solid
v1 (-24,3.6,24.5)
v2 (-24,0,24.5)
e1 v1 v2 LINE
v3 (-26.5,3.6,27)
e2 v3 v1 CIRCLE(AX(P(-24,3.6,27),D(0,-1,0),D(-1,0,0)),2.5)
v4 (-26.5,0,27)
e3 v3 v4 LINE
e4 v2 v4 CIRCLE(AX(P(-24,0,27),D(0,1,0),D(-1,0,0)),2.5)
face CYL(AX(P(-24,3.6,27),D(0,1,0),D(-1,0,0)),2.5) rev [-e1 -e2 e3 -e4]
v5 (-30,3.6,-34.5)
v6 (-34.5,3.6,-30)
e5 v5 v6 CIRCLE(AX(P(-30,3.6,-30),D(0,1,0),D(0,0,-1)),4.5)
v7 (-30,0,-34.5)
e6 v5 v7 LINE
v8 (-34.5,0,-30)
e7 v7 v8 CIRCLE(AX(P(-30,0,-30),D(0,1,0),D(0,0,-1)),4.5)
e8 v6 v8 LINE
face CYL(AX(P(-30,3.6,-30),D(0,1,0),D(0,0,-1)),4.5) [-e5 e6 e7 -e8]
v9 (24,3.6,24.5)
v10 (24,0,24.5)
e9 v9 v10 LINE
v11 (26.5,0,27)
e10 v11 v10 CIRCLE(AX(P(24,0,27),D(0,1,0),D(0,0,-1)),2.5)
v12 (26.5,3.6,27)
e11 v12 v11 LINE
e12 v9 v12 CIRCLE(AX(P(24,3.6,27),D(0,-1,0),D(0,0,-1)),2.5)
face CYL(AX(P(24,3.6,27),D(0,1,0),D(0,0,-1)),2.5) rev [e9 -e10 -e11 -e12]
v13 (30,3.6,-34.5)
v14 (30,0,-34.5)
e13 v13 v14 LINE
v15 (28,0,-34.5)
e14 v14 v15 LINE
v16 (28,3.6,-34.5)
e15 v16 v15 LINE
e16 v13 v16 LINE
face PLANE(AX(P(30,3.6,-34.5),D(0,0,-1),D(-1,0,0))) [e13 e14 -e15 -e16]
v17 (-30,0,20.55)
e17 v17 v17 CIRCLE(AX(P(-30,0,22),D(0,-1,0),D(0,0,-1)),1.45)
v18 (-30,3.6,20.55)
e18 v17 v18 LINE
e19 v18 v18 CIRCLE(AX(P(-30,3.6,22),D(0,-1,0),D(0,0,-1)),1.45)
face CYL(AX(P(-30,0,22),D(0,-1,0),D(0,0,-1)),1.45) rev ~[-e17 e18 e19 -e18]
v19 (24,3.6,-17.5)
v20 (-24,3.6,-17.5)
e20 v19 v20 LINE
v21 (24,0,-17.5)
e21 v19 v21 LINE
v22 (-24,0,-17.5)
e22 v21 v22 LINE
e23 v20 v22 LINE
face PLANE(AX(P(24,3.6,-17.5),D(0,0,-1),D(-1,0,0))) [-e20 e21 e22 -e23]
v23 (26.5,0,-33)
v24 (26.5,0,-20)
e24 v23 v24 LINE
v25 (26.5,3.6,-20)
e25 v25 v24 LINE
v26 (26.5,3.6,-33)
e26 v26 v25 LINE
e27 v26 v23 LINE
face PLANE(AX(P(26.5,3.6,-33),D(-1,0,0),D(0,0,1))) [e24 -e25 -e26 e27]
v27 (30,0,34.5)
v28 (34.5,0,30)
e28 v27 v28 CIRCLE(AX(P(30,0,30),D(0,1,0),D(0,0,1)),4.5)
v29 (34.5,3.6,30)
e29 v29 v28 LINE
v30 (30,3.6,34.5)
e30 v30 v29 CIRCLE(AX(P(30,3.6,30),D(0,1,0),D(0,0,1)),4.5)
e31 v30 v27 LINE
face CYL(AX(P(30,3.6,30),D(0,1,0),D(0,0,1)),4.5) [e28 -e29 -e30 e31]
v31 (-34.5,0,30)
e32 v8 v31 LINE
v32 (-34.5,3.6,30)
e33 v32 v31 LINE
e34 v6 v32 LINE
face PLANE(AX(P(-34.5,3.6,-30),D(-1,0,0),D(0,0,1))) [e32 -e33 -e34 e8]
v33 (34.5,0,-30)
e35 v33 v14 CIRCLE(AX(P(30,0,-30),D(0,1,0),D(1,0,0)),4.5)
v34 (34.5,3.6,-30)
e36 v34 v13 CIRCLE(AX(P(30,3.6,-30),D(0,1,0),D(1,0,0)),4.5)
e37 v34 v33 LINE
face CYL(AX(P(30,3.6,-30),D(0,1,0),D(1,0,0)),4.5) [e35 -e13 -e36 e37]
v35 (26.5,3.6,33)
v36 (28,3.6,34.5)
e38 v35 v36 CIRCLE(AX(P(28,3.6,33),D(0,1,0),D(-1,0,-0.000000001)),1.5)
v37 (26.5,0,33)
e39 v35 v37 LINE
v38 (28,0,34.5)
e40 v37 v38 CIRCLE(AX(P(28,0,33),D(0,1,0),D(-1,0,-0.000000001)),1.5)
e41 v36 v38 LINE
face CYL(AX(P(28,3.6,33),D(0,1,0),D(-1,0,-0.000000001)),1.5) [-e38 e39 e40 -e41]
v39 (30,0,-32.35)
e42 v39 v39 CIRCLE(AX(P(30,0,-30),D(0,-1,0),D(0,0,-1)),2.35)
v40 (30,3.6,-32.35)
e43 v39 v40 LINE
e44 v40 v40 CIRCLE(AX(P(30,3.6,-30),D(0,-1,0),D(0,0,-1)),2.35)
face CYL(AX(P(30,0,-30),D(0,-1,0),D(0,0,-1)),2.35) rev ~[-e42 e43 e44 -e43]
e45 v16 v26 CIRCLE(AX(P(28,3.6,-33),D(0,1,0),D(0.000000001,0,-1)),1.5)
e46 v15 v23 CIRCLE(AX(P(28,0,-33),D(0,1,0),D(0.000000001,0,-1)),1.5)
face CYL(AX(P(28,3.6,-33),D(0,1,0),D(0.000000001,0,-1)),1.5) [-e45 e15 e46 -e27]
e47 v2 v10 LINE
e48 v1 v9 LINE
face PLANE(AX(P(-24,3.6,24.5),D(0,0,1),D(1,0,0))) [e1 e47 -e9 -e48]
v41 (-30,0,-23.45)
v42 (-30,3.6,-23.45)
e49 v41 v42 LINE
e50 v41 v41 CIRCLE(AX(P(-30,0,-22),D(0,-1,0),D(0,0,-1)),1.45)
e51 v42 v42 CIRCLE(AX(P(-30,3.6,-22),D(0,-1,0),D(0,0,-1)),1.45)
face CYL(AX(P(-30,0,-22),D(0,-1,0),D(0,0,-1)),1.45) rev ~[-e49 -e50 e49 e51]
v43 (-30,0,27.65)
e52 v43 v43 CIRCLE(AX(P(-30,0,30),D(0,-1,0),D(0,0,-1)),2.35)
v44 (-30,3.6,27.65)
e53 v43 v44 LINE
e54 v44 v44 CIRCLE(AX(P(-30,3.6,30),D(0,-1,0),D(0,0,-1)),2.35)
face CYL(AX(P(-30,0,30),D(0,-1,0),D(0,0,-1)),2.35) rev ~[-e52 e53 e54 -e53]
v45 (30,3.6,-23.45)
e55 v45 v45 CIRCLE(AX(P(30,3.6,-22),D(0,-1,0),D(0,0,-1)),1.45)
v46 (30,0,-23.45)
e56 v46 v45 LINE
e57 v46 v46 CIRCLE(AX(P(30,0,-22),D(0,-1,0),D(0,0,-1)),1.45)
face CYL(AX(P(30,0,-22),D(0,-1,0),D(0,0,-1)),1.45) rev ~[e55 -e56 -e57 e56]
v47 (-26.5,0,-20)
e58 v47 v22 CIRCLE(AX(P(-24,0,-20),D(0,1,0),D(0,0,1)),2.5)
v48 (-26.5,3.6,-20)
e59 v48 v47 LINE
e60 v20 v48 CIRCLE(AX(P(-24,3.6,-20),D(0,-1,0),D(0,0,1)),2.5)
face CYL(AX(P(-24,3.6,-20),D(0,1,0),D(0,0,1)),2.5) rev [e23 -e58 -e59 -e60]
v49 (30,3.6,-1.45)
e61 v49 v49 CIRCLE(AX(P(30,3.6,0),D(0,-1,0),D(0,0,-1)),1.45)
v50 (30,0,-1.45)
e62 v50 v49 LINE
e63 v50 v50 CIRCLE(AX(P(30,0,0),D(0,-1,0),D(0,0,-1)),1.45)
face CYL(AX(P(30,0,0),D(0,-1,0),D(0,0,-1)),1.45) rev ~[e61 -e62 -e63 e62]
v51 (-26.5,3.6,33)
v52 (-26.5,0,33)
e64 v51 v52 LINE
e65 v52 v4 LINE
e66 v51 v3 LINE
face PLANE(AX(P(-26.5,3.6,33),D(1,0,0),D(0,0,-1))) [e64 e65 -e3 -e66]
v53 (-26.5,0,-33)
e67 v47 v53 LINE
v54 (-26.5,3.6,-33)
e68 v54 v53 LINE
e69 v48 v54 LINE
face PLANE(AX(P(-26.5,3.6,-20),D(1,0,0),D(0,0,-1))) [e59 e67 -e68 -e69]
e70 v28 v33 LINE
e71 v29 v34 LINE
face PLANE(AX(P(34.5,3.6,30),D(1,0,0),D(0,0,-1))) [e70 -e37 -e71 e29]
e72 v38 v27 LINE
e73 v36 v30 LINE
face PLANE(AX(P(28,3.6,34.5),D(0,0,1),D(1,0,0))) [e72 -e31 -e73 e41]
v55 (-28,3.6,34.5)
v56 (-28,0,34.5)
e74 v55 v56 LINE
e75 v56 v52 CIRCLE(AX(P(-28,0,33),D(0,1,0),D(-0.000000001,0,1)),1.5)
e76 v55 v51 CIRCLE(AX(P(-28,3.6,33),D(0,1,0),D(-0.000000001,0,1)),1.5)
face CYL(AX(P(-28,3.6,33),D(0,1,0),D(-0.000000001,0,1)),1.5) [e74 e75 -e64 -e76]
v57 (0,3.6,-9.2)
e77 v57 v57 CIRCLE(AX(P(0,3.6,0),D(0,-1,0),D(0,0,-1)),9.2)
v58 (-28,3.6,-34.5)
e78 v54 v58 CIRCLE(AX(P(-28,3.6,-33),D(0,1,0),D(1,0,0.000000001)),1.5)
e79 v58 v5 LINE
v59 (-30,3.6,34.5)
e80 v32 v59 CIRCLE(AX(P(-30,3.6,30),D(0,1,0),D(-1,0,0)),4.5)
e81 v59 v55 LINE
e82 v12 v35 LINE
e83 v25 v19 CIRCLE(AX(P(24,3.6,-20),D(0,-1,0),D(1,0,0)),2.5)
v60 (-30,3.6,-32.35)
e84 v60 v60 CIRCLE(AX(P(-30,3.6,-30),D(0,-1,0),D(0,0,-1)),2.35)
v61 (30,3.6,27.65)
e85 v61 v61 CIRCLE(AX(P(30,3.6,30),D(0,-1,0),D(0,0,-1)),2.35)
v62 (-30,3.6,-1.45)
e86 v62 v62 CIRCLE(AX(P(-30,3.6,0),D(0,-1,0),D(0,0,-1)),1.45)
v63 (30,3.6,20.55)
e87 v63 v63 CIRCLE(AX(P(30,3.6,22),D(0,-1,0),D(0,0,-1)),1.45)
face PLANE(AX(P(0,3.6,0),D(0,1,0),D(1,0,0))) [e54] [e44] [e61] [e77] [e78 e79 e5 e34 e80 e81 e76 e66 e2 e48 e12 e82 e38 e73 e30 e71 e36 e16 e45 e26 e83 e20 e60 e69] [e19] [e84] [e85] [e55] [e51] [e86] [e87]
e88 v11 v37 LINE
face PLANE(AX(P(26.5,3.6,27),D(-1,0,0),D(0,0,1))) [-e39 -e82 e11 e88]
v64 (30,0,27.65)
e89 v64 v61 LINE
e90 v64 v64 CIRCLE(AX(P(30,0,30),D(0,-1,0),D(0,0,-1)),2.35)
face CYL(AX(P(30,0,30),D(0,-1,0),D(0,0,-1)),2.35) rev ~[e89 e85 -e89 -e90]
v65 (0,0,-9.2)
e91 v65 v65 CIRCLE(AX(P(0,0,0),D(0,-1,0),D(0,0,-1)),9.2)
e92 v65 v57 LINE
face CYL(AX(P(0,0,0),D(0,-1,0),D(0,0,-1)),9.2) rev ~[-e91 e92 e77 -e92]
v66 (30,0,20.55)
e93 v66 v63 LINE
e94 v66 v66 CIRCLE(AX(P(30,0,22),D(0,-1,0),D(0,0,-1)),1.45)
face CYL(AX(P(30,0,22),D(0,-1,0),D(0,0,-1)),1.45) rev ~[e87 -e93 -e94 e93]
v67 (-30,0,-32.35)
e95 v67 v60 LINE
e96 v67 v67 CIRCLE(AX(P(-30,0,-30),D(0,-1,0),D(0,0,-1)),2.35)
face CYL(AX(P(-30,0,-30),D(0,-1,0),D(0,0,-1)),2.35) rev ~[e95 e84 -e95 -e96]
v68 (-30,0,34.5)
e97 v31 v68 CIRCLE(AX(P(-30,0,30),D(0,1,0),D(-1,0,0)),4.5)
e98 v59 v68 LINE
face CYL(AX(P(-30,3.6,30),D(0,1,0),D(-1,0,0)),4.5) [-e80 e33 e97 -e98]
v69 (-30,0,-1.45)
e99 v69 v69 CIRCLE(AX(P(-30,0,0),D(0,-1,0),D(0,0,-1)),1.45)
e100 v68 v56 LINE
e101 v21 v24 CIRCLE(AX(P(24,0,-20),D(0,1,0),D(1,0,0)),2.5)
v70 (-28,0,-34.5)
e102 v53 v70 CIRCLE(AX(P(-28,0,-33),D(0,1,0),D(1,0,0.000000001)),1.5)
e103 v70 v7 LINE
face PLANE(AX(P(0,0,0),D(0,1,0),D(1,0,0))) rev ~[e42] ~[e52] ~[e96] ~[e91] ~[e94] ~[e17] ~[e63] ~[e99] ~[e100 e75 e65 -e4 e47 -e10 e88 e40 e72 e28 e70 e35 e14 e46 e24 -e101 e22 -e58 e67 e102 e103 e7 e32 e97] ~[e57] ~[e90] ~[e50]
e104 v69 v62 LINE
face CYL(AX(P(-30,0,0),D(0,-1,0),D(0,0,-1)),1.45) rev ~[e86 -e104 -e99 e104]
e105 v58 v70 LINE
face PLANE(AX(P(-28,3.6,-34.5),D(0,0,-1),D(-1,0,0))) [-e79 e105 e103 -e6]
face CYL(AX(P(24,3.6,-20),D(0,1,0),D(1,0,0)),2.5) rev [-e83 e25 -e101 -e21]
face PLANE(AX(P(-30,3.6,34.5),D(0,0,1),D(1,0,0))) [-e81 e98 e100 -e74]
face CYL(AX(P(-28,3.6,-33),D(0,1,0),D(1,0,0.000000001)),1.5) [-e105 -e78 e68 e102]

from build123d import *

# Parameters (mm, degrees)
SKETCH1_W           = 70
SKETCH1_H           = 70
BOSS_EXTRUDE1_DEPTH = 3.6
SKETCH2_W           = 87.76827376
SKETCH2_H           = 85.716468358
CUT_EXTRUDE1_DEPTH  = 10
SKETCH4_R           = 2.35
SKETCH4_R_2         = 1.45
SKETCH4_R_3         = 9.2
CUT_EXTRUDE2_DEPTH  = 10


with BuildPart() as part:
    # Sketch1 → Boss-Extrude1 (new body)
    with BuildSketch(Plane(origin=(0, 0, 0), x_dir=(1, 0, 0), z_dir=(0, 1, 0))):
        Rectangle(SKETCH1_W, SKETCH1_H)
    extrude(amount=BOSS_EXTRUDE1_DEPTH)

    # Sketch2 → Cut-Extrude1 (cut)
    with BuildSketch(Plane(origin=(0, 3.6, 0), x_dir=(1, 0, 0), z_dir=(0, 1, 0))):
        Rectangle(SKETCH2_W, SKETCH2_H)
        with BuildLine():
            Line((30, 34.5), (28, 34.5))
            ThreePointArc((28, 34.5), (26.939339828, 34.060660172), (26.5, 33))
            Line((26.5, 33), (26.5, 20))
            ThreePointArc((26.5, 20), (25.767766953, 18.232233047), (24, 17.5))
            Line((24, 17.5), (-24, 17.5))
            ThreePointArc((-24, 17.5), (-25.767766953, 18.232233047), (-26.5, 20))
            Line((-26.5, 20), (-26.5, 33))
            ThreePointArc((-26.5, 33), (-26.939339828, 34.060660172), (-28, 34.5))
            Line((-28, 34.5), (-30, 34.5))
            ThreePointArc((-30, 34.5), (-33.181980515, 33.181980515), (-34.5, 30))
            Line((-34.5, 30), (-34.5, -30))
            ThreePointArc((-34.5, -30), (-33.181980515, -33.181980515), (-30, -34.5))
            Line((-30, -34.5), (-28, -34.5))
            ThreePointArc((-28, -34.5), (-26.939339828, -34.060660172), (-26.5, -33))
            Line((-26.5, -33), (-26.5, -27))
            ThreePointArc((-26.5, -27), (-25.767766953, -25.232233047), (-24, -24.5))
            Line((-24, -24.5), (24, -24.5))
            ThreePointArc((24, -24.5), (25.767766953, -25.232233047), (26.5, -27))
            Line((26.5, -27), (26.5, -33))
            ThreePointArc((26.5, -33), (26.939339828, -34.060660172), (28, -34.5))
            Line((28, -34.5), (30, -34.5))
            ThreePointArc((30, -34.5), (33.181980515, -33.181980515), (34.5, -30))
            Line((34.5, -30), (34.5, 30))
            ThreePointArc((34.5, 30), (33.181980515, 33.181980515), (30, 34.5))
        make_face(mode=Mode.SUBTRACT)
    extrude(amount=-CUT_EXTRUDE1_DEPTH, mode=Mode.SUBTRACT)

    # Sketch4 → Cut-Extrude2 (cut)
    with BuildSketch(Plane.XZ):
        with Locations(Location((30, -30, 0), (0, 0, 270))):
            Circle(SKETCH4_R)
        with Locations(Location((30, -22, 0), (0, 0, 270))):
            Circle(SKETCH4_R_2)
        with Locations(Location((30, 0, 0), (0, 0, 270))):
            Circle(SKETCH4_R_2)
        with Locations(Location((30, 22, 0), (0, 0, 270))):
            Circle(SKETCH4_R_2)
        with Locations(Location((30, 30, 0), (0, 0, 270))):
            Circle(SKETCH4_R)
        with Locations(Location((-30, -30, 0), (0, 0, 270))):
            Circle(SKETCH4_R)
        with Locations(Location((-30, -22, 0), (0, 0, 270))):
            Circle(SKETCH4_R_2)
        with Locations(Location((0, 0, 0), (0, 0, 270))):
            Circle(SKETCH4_R_3)
        with Locations(Location((-30, 0, 0), (0, 0, 270))):
            Circle(SKETCH4_R_2)
        with Locations(Location((-30, 22, 0), (0, 0, 270))):
            Circle(SKETCH4_R_2)
        with Locations(Location((-30, 30, 0), (0, 0, 270))):
            Circle(SKETCH4_R)
    extrude(amount=-CUT_EXTRUDE2_DEPTH, mode=Mode.SUBTRACT)


solid = part.part
